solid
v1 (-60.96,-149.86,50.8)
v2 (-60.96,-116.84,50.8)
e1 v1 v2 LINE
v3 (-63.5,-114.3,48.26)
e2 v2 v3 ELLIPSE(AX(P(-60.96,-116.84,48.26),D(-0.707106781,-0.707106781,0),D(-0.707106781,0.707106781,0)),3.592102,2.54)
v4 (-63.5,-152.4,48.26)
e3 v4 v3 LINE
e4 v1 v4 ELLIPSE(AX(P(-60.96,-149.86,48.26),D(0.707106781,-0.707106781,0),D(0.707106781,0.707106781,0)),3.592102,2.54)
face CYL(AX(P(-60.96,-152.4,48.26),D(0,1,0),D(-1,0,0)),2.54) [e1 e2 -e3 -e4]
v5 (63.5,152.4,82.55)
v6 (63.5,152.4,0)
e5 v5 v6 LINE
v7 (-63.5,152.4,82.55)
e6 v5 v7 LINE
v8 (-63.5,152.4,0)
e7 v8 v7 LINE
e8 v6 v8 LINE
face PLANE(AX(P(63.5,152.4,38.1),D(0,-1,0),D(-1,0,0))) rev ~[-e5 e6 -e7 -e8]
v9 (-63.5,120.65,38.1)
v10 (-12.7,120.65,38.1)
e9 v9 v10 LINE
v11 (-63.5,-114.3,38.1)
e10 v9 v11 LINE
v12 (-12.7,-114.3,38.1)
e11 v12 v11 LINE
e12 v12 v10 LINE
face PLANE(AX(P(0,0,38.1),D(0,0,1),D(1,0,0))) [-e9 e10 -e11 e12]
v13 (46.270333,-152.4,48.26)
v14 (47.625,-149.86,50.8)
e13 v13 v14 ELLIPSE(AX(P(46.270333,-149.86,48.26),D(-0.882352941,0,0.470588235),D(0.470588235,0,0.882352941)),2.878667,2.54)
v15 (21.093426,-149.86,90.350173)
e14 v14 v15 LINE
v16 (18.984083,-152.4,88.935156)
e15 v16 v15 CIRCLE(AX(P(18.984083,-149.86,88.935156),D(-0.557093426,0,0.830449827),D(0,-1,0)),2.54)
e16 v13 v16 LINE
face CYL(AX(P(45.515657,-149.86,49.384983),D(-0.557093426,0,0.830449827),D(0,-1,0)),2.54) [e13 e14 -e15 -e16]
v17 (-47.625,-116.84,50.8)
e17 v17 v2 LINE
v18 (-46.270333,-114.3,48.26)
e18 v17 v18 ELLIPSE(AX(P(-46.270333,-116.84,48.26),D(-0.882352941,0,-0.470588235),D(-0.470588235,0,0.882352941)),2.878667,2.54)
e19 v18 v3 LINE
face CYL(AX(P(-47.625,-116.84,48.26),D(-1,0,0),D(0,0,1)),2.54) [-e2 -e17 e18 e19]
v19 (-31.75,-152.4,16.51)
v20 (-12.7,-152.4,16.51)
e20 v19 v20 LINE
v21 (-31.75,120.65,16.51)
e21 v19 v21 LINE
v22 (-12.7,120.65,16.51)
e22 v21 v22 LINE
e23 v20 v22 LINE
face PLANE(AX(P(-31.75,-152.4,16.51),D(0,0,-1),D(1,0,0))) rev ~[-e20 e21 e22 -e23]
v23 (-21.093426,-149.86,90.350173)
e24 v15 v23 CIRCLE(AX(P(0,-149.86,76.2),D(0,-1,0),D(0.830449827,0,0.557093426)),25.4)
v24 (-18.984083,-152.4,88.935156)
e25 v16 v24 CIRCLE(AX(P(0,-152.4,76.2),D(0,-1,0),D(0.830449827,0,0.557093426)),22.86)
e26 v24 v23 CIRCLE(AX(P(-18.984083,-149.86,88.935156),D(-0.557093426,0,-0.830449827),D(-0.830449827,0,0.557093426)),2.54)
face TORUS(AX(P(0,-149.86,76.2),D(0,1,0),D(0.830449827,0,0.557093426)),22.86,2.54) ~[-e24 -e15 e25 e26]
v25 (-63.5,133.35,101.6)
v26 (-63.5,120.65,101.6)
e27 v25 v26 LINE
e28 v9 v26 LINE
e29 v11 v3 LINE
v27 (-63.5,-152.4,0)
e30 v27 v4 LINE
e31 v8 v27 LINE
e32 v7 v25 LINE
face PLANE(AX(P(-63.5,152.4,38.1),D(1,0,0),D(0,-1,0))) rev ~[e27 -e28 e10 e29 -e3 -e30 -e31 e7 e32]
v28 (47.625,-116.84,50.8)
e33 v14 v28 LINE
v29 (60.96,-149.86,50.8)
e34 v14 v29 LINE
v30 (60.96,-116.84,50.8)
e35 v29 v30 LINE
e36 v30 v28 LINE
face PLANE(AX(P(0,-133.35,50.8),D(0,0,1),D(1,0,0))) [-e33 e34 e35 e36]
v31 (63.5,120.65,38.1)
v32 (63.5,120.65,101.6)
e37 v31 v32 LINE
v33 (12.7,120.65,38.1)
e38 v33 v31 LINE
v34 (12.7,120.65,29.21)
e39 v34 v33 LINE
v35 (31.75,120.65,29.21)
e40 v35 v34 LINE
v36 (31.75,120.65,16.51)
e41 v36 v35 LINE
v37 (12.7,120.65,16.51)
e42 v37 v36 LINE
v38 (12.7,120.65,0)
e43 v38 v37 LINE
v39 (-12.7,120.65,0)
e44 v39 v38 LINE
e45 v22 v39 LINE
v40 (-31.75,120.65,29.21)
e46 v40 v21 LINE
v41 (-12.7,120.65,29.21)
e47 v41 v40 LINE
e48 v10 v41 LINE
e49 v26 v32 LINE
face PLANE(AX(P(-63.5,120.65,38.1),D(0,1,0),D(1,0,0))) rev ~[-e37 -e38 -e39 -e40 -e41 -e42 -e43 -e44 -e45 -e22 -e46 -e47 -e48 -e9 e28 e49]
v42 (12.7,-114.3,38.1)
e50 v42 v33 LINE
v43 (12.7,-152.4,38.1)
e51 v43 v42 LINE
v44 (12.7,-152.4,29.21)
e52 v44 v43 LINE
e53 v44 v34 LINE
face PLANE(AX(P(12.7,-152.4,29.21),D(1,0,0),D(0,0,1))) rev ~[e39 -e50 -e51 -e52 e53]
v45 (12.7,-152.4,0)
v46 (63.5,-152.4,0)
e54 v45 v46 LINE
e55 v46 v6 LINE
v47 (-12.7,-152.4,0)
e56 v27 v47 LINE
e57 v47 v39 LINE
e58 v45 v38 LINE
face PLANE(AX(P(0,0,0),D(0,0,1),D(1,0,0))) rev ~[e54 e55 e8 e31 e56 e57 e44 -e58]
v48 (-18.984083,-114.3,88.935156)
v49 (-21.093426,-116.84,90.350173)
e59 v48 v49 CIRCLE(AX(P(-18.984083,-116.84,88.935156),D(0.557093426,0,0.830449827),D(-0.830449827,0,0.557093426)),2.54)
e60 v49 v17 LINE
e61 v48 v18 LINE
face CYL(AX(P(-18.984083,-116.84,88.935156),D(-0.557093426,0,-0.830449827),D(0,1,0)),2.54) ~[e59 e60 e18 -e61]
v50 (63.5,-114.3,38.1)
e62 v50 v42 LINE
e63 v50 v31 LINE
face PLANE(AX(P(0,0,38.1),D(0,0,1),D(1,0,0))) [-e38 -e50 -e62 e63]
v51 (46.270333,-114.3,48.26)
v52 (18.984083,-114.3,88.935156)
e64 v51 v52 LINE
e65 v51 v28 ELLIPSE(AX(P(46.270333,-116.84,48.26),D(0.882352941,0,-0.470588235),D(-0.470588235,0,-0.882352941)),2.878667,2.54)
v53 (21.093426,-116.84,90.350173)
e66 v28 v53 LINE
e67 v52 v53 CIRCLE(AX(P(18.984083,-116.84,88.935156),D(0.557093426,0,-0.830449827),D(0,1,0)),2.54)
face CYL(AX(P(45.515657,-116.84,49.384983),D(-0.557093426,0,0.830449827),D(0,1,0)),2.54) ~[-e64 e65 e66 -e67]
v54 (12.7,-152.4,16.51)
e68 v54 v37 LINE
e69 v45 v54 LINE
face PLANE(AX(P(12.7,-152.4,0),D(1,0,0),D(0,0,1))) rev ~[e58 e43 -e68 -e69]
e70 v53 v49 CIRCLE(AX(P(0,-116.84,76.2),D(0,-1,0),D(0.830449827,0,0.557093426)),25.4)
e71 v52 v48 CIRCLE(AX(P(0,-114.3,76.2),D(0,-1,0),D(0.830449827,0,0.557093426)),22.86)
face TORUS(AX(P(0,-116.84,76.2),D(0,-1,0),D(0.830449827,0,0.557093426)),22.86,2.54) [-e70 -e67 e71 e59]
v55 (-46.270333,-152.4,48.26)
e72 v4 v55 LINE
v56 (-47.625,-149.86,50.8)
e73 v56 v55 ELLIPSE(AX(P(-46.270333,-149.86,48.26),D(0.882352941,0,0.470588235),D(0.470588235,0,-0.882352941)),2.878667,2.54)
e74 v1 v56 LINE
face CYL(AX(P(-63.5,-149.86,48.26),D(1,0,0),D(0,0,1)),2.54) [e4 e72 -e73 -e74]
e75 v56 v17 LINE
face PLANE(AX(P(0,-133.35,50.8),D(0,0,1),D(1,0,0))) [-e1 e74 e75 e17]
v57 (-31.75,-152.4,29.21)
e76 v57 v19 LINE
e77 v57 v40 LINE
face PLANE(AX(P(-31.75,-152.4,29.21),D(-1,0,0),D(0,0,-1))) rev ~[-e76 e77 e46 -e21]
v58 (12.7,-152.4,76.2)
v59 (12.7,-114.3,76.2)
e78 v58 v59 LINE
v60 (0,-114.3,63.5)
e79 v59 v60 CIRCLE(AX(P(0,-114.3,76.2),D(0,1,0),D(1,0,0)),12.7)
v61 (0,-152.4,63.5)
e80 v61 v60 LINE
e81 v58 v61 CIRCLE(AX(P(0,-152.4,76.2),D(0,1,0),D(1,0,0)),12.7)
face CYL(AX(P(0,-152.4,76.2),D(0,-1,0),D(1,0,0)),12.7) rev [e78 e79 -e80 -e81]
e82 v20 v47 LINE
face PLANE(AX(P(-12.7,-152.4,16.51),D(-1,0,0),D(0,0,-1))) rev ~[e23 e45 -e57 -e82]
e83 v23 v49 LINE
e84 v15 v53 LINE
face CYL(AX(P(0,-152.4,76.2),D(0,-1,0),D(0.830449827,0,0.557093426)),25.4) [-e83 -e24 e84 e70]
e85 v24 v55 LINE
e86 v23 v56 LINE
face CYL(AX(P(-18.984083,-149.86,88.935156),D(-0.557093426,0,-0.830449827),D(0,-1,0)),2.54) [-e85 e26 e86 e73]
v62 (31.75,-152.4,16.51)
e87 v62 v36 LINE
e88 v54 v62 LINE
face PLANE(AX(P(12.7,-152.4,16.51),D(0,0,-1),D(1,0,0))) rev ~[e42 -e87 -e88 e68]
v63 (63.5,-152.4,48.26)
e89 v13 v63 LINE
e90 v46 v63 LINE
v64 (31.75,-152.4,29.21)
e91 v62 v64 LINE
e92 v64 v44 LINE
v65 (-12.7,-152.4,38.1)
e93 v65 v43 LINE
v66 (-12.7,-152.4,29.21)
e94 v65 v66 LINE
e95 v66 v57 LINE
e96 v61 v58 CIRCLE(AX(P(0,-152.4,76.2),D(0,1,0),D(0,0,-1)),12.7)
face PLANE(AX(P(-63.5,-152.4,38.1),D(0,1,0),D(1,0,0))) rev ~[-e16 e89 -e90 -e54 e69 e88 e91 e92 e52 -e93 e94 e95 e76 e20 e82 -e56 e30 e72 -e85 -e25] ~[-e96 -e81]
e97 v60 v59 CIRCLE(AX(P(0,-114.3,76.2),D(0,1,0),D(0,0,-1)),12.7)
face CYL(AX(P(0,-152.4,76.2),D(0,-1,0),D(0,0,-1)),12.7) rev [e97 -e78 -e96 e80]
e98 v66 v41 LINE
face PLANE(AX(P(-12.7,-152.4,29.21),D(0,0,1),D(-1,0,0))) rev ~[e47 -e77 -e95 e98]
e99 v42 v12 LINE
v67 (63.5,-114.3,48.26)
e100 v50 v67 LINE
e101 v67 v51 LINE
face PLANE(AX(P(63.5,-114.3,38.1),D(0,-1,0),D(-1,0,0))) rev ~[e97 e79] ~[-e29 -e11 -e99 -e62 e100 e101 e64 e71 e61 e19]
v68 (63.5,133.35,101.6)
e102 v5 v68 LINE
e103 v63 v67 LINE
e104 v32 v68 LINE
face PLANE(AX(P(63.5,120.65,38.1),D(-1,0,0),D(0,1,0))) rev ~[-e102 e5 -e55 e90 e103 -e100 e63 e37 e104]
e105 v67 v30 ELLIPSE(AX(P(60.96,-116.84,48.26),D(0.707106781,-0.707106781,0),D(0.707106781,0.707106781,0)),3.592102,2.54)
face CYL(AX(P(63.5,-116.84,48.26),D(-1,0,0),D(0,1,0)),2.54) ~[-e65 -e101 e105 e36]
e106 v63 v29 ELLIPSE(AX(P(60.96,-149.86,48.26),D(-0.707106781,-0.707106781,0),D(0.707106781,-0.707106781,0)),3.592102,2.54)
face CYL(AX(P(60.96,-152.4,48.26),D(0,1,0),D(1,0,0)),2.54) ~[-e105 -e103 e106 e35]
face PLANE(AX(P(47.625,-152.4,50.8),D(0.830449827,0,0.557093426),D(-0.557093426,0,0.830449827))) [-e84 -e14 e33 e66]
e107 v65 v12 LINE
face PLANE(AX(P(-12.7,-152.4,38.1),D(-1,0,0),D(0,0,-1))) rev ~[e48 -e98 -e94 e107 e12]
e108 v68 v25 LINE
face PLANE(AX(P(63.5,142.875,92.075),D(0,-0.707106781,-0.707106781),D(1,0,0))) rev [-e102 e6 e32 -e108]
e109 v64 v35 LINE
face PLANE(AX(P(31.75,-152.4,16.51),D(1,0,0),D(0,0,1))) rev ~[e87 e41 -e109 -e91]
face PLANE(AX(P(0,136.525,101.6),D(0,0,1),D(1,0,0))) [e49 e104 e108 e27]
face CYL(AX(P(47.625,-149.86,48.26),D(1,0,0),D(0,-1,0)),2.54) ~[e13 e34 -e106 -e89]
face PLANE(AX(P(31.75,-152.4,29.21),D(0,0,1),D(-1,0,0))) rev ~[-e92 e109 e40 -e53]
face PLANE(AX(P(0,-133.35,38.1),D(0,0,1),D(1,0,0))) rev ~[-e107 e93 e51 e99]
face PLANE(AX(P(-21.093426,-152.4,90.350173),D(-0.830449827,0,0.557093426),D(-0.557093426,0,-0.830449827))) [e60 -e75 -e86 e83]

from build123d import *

# Parameters (mm, degrees)
F1_DEPTH  = 38.1
F3_DEPTH  = 273.05
F4_W      = 25.4
F4_H      = 38.1
F4_W_2    = 50.8
F5_DEPTH  = 12.7
F7_DEPTH  = 38.1
F8_R      = 2.54
F10_DEPTH = 63.5
F11_SIZE  = 19.05


with BuildPart() as f1:
    # F0 (on Top) → F1 (new body)
    with BuildSketch(Plane.XY):
        Polygon((-63.5, -152.4), (63.5, -152.4), (63.5, 152.4), (-63.5, 152.4), (-63.5, 114.3), (-63.5, 101.6), (-63.5, 88.9), align=None)
    extrude(amount=F1_DEPTH)

    # F2 (on face) → F3 (cut)
    with BuildSketch(Plane.XZ.offset(152.4)):
        Polygon((-12.7, 0), (0, 0), (12.7, 0), (12.7, 16.51), (31.75, 16.51), (31.75, 29.21), (12.7, 29.21), (12.7, 38.1), (-12.7, 38.1), (-12.7, 29.21), (-31.75, 29.21), (-31.75, 16.51), (-12.7, 16.51), align=None)
    extrude(amount=-F3_DEPTH, mode=Mode.SUBTRACT)

    # F4 (on face) → F5 (join)
    with BuildSketch(Plane.XY.offset(38.1)):
        with Locations((0, -133.35)):
            Rectangle(F4_W, F4_H)
        with Locations((-38.1, -133.35)):
            Rectangle(F4_W_2, F4_H)
        with Locations((38.1, -133.35)):
            Rectangle(F4_W_2, F4_H)
    extrude(amount=F5_DEPTH)

    # F6 (on face) → F7 (join)
    with BuildSketch(Plane.XZ.offset(152.4)):
        with BuildLine():
            Line((-47.625, 50.8), (0, 50.8))
            Line((0, 50.8), (47.625, 50.8))
            Line((47.625, 50.8), (21.0934256055, 90.3501730104))
            ThreePointArc((21.0934256055, 90.3501730104), (0, 101.6), (-21.0934256055, 90.3501730104))
            Line((-21.0934256055, 90.3501730104), (-47.625, 50.8))
        make_face()
        with BuildLine():
            ThreePointArc((12.7, 76.2), (8.9802561211, 67.2197438789), (0, 63.5))
            ThreePointArc((0, 63.5), (-8.9802561211, 85.1802561211), (12.7, 76.2))
        make_face(mode=Mode.SUBTRACT)
    extrude(amount=-F7_DEPTH)

    # F8
    f8_edges = [f1.edges().sort_by_distance(p)[0] for p in [
        (-55.5625, -152.4, 50.8),
        (55.5625, -152.4, 50.8),
        (34.359213, -152.4, 70.575087),
        (63.5, -133.35, 50.8),
        (-55.5625, -114.3, 50.8),
        (55.5625, -114.3, 50.8),
        (34.359213, -114.3, 70.575087),
        (0, -152.4, 101.6),
        (0, -114.3, 101.6),
        (-34.359213, -152.4, 70.575087),
        (-34.359213, -114.3, 70.575087),
        (-63.5, -133.35, 50.8),
    ]]
    fillet(f8_edges, radius=F8_R)

    # F9 (on face) → F10 (join)
    with BuildSketch(Plane.XY.offset(38.1)):
        Polygon((63.5, 152.4), (-63.5, 152.4), (-63.5, 120.65), (-12.7, 120.65), (12.7, 120.65), (63.5, 120.65), align=None)
    extrude(amount=F10_DEPTH)

    # F11
    f11_edges = [f1.edges().sort_by_distance(p)[0] for p in [
        (0, 152.4, 101.6),
    ]]
    chamfer(f11_edges, length=F11_SIZE)


solid = f1.part
